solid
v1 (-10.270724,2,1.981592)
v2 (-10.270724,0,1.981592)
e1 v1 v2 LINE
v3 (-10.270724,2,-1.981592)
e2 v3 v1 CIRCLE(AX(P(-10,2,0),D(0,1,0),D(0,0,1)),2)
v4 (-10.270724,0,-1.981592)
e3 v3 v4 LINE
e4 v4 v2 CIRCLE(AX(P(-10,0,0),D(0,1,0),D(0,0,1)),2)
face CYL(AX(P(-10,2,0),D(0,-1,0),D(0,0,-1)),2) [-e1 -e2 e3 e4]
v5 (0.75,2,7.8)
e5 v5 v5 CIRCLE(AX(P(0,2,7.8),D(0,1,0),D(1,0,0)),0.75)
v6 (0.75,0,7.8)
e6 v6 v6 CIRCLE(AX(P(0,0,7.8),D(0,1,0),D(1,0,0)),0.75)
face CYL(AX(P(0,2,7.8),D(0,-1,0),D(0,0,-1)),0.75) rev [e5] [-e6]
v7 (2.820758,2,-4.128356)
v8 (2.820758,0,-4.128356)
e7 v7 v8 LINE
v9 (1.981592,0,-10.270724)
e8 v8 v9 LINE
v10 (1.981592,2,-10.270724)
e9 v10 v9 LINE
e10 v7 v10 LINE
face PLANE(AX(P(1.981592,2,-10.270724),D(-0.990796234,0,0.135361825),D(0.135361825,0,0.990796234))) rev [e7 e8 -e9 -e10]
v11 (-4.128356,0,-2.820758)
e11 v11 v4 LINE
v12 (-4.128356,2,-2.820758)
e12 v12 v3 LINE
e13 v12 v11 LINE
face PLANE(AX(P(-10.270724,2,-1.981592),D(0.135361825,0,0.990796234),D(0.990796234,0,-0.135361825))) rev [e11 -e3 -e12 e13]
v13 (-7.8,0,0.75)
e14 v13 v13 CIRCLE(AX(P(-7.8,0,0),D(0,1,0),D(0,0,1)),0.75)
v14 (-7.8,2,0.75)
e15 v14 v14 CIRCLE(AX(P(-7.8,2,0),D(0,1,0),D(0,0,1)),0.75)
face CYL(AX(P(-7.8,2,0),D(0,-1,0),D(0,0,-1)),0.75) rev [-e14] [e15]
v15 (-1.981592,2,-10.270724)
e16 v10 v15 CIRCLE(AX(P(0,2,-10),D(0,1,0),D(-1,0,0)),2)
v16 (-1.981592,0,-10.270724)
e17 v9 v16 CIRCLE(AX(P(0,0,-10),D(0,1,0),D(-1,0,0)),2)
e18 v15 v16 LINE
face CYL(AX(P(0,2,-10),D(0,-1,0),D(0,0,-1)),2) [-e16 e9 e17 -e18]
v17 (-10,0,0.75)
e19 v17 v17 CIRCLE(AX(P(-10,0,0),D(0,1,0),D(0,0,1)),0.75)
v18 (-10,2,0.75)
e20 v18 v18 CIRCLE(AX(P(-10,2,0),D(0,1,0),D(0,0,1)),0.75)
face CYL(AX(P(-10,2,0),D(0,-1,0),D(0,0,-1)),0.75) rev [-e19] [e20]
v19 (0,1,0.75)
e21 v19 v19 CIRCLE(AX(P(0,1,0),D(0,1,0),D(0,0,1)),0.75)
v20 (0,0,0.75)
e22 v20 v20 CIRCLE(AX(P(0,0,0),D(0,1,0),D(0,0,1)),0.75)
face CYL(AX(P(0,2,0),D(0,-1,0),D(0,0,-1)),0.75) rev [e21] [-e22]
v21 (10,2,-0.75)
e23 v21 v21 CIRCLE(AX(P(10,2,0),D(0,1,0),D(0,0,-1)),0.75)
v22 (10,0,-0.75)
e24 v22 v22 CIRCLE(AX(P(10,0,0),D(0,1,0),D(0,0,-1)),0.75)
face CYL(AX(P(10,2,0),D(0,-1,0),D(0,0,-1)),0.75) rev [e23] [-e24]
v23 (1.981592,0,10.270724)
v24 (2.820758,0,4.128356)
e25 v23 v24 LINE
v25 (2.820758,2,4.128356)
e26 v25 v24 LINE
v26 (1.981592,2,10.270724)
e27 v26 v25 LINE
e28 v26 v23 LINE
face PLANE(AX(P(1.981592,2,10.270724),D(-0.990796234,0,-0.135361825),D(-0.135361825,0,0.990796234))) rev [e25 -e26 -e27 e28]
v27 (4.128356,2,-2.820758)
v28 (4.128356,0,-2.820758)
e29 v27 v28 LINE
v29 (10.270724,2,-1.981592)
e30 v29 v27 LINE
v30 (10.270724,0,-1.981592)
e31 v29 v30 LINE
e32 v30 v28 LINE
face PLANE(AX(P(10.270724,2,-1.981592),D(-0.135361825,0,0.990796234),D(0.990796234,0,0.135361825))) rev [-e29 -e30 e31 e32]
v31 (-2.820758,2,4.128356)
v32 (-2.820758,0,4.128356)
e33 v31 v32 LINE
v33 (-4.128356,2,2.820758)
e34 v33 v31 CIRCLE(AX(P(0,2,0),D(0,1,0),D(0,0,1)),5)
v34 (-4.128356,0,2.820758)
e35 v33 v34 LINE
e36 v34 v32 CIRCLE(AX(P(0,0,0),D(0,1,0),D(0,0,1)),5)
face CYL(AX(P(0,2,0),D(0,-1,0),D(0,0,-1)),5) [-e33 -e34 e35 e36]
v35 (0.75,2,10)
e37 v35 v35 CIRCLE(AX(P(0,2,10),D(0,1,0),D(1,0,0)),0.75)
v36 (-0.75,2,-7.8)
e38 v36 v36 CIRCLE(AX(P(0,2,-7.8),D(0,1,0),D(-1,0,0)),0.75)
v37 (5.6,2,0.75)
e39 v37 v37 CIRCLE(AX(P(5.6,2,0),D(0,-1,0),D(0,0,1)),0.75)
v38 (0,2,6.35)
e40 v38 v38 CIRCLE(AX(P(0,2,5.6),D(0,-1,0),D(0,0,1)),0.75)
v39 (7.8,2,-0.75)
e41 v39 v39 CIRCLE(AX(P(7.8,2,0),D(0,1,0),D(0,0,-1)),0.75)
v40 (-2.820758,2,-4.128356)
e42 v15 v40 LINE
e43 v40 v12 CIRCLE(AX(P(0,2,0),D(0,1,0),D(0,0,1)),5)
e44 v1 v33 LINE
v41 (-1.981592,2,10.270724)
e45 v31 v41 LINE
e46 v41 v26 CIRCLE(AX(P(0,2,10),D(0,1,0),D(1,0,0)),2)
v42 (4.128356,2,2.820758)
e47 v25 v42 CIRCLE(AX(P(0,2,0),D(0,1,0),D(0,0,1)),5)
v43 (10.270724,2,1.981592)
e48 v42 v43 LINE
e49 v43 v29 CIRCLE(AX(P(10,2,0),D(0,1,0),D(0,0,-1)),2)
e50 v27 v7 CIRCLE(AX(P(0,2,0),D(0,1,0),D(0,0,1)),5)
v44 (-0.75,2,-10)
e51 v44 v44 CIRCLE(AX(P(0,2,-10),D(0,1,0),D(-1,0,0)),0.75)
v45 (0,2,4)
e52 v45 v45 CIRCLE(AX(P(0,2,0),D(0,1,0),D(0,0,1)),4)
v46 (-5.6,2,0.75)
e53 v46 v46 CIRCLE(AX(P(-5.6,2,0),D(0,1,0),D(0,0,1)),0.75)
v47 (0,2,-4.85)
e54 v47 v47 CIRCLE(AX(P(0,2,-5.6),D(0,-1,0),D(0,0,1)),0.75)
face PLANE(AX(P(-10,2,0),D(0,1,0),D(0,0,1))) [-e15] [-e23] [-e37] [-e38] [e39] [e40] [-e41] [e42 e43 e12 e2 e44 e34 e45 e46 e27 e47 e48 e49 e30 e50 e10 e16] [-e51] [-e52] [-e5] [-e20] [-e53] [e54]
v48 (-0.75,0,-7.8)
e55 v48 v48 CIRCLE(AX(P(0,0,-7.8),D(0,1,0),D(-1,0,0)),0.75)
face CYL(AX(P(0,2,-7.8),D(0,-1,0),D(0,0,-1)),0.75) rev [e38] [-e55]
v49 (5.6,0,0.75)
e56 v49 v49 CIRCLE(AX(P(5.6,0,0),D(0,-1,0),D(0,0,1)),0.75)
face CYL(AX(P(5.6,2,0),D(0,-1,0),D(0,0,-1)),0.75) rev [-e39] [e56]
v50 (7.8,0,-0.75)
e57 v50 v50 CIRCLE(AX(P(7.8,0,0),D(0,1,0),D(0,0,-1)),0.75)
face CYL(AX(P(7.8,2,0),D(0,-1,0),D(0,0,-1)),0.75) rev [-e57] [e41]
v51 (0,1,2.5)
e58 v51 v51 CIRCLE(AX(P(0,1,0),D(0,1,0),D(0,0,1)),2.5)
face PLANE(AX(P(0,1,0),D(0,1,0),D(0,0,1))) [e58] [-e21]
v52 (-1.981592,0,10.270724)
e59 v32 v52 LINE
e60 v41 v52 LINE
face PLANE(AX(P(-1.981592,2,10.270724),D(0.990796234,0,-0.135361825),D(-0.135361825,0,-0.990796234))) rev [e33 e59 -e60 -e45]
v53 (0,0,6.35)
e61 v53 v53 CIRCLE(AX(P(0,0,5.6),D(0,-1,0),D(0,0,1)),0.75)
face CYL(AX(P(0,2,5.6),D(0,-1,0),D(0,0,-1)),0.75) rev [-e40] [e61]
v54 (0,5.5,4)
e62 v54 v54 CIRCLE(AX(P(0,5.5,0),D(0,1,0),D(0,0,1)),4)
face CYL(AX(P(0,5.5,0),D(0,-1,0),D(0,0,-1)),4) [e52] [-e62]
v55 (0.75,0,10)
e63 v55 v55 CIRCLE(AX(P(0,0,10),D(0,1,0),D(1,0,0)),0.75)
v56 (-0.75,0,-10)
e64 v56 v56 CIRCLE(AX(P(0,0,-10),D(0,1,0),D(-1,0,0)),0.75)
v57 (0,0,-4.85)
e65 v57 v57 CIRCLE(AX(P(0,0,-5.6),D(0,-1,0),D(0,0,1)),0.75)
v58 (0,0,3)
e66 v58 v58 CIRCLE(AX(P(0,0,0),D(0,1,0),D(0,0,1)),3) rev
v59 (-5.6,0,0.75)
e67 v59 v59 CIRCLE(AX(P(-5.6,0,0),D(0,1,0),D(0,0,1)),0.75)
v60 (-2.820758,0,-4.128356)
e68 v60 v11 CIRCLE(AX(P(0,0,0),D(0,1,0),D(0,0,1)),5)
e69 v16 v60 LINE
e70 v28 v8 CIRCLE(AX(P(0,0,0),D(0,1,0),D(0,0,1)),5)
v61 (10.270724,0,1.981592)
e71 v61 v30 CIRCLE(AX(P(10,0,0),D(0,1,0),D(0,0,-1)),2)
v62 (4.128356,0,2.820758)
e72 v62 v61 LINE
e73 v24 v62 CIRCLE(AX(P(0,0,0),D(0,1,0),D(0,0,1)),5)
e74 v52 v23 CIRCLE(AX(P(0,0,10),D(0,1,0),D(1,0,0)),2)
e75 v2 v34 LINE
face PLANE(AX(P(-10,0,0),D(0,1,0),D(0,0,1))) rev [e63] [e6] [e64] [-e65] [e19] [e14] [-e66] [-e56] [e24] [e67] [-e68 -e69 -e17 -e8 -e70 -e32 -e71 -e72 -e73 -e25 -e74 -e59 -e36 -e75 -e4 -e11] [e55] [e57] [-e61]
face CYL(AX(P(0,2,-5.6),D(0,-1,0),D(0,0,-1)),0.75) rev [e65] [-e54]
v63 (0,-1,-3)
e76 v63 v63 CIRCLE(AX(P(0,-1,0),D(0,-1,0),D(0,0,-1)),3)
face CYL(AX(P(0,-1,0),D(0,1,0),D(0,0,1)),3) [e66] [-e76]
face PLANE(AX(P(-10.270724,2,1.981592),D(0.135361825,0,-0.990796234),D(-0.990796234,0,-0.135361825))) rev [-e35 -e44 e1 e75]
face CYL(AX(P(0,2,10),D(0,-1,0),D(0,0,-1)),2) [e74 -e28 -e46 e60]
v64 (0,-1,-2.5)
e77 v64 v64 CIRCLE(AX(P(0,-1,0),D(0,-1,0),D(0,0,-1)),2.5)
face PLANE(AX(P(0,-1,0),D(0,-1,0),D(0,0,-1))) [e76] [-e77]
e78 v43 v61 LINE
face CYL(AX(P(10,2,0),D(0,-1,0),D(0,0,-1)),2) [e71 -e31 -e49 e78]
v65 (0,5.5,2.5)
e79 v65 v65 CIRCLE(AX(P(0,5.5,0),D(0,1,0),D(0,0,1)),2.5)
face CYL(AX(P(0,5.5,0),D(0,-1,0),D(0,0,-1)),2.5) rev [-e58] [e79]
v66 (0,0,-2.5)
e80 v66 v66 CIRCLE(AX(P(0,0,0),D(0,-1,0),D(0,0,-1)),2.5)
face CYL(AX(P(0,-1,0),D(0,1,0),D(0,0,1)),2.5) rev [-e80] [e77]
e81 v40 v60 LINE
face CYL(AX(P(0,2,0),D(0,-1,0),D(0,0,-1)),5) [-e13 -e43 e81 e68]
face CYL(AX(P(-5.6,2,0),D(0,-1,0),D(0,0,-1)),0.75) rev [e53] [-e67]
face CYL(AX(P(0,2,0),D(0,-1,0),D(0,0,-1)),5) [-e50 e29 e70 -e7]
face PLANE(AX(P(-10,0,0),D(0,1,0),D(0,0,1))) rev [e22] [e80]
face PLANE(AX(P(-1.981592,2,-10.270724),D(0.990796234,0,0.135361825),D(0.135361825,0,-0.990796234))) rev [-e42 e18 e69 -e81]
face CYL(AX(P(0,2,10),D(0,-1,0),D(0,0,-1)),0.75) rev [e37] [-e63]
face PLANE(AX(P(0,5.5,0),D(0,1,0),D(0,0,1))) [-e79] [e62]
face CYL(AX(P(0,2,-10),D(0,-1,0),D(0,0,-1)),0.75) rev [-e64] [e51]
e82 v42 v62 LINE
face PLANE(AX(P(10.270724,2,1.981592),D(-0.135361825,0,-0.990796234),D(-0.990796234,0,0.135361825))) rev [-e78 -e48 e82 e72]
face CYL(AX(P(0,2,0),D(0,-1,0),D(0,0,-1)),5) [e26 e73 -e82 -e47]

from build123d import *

# Parameters (mm, degrees)
ESBO_O2_R                = 0.75
RESSALTO_EXTRUS_O1_DEPTH = 2
PADR_OCIRCULAR1_COUNT    = 4
ESBO_O3_R                = 4
ESBO_O3_R_2              = 2.5
RESSALTO_EXTRUS_O2_DEPTH = 3.5
CORTE_EXTRUS_O1_START    = -1
ESBO_O4_R                = 2.5
ESBO_O4_R_2              = 0.75
CORTE_EXTRUS_O1_DEPTH    = 1
RESSALTO_EXTRUS_O3_START = 1
ESBO_O5_R                = 3
ESBO_O5_R_2              = 2.5
RESSALTO_EXTRUS_O3_DEPTH = 1


with BuildPart() as part:
    # Esboço2 → Ressalto-extrusão1 (new body)
    with BuildSketch(Plane(origin=(0, 0, 0), x_dir=(1, 0, 0), z_dir=(0, 1, 0))):
        with BuildLine():
            Line((-10.270723649, 1.981592467), (-4.128356106, 2.82075803))
            ThreePointArc((-4.128356106, 2.82075803), (-2.520023904, 4.318504316), (-0.424825461, 4.981919643))
            ThreePointArc((-0.424825461, 4.981919643), (0, 4.85), (0.424825461, 4.981919643))
            ThreePointArc((0.424825461, 4.981919643), (3.535533906, 3.535533906), (4.981919643, 0.424825461))
            ThreePointArc((4.981919643, 0.424825461), (4.85, 0), (4.981919643, -0.424825461))
            ThreePointArc((4.981919643, -0.424825461), (3.535533906, -3.535533906), (0.424825461, -4.981919643))
            ThreePointArc((0.424825461, -4.981919643), (0, -4.85), (-0.424825461, -4.981919643))
            ThreePointArc((-0.424825461, -4.981919643), (-2.520023904, -4.318504316), (-4.128356106, -2.82075803))
            Line((-4.128356106, -2.82075803), (-10.270723649, -1.981592467))
            ThreePointArc((-10.270723649, -1.981592467), (-12, 0), (-10.270723649, 1.981592467))
        make_face()
        with Locations(Location((0, 0, 0), (0, 0, 270))):
            Circle(ESBO_O2_R, mode=Mode.SUBTRACT)
        with Locations(Location((-5.6, 0, 0), (0, 0, 270))):
            Circle(ESBO_O2_R, mode=Mode.SUBTRACT)
        with Locations(Location((-7.8, 0, 0), (0, 0, 270))):
            Circle(ESBO_O2_R, mode=Mode.SUBTRACT)
        with Locations(Location((-10, 0, 0), (0, 0, 270))):
            Circle(ESBO_O2_R, mode=Mode.SUBTRACT)
    ressalto_extrus_o1 = extrude(amount=RESSALTO_EXTRUS_O1_DEPTH)

    # PadrãoCircular1: Ressalto-extrusão1 ×4 about axis
    padr_ocircular1_axis = Axis((0, 0, 0), (0, 1, 0))
    for i in range(1, PADR_OCIRCULAR1_COUNT):
        add(ressalto_extrus_o1.rotate(padr_ocircular1_axis, i * 360 / PADR_OCIRCULAR1_COUNT))

    # Esboço3 → Ressalto-extrusão2 (add)
    with BuildSketch(Plane(origin=(0, 2, 0), x_dir=(1, 0, 0), z_dir=(0, 1, 0))):
        with Locations(Location((0, 0, 0), (0, 0, 270))):
            Circle(ESBO_O3_R)
        with Locations(Location((0, 0, 0), (0, 0, 270))):
            Circle(ESBO_O3_R_2, mode=Mode.SUBTRACT)
    extrude(amount=RESSALTO_EXTRUS_O2_DEPTH)

    # Esboço4 → Corte-extrusão1 (cut)
    with BuildSketch(Plane(origin=(0, 2, 0), x_dir=(1, 0, 0), z_dir=(0, 1, 0)).offset(CORTE_EXTRUS_O1_START)):
        with Locations(Location((0, 0, 0), (0, 0, 270))):
            Circle(ESBO_O4_R)
        with Locations(Location((0, 0, 0), (0, 0, 270))):
            Circle(ESBO_O4_R_2, mode=Mode.SUBTRACT)
    extrude(amount=CORTE_EXTRUS_O1_DEPTH, mode=Mode.SUBTRACT)

    # Esboço5 → Ressalto-extrusão3 (add)
    with BuildSketch(Plane.XZ.offset(RESSALTO_EXTRUS_O3_START)):
        with Locations(Location((0, 0, 0), (0, 0, 90))):
            Circle(ESBO_O5_R)
        with Locations(Location((0, 0, 0), (0, 0, 90))):
            Circle(ESBO_O5_R_2, mode=Mode.SUBTRACT)
    extrude(amount=-RESSALTO_EXTRUS_O3_DEPTH)


solid = part.part
